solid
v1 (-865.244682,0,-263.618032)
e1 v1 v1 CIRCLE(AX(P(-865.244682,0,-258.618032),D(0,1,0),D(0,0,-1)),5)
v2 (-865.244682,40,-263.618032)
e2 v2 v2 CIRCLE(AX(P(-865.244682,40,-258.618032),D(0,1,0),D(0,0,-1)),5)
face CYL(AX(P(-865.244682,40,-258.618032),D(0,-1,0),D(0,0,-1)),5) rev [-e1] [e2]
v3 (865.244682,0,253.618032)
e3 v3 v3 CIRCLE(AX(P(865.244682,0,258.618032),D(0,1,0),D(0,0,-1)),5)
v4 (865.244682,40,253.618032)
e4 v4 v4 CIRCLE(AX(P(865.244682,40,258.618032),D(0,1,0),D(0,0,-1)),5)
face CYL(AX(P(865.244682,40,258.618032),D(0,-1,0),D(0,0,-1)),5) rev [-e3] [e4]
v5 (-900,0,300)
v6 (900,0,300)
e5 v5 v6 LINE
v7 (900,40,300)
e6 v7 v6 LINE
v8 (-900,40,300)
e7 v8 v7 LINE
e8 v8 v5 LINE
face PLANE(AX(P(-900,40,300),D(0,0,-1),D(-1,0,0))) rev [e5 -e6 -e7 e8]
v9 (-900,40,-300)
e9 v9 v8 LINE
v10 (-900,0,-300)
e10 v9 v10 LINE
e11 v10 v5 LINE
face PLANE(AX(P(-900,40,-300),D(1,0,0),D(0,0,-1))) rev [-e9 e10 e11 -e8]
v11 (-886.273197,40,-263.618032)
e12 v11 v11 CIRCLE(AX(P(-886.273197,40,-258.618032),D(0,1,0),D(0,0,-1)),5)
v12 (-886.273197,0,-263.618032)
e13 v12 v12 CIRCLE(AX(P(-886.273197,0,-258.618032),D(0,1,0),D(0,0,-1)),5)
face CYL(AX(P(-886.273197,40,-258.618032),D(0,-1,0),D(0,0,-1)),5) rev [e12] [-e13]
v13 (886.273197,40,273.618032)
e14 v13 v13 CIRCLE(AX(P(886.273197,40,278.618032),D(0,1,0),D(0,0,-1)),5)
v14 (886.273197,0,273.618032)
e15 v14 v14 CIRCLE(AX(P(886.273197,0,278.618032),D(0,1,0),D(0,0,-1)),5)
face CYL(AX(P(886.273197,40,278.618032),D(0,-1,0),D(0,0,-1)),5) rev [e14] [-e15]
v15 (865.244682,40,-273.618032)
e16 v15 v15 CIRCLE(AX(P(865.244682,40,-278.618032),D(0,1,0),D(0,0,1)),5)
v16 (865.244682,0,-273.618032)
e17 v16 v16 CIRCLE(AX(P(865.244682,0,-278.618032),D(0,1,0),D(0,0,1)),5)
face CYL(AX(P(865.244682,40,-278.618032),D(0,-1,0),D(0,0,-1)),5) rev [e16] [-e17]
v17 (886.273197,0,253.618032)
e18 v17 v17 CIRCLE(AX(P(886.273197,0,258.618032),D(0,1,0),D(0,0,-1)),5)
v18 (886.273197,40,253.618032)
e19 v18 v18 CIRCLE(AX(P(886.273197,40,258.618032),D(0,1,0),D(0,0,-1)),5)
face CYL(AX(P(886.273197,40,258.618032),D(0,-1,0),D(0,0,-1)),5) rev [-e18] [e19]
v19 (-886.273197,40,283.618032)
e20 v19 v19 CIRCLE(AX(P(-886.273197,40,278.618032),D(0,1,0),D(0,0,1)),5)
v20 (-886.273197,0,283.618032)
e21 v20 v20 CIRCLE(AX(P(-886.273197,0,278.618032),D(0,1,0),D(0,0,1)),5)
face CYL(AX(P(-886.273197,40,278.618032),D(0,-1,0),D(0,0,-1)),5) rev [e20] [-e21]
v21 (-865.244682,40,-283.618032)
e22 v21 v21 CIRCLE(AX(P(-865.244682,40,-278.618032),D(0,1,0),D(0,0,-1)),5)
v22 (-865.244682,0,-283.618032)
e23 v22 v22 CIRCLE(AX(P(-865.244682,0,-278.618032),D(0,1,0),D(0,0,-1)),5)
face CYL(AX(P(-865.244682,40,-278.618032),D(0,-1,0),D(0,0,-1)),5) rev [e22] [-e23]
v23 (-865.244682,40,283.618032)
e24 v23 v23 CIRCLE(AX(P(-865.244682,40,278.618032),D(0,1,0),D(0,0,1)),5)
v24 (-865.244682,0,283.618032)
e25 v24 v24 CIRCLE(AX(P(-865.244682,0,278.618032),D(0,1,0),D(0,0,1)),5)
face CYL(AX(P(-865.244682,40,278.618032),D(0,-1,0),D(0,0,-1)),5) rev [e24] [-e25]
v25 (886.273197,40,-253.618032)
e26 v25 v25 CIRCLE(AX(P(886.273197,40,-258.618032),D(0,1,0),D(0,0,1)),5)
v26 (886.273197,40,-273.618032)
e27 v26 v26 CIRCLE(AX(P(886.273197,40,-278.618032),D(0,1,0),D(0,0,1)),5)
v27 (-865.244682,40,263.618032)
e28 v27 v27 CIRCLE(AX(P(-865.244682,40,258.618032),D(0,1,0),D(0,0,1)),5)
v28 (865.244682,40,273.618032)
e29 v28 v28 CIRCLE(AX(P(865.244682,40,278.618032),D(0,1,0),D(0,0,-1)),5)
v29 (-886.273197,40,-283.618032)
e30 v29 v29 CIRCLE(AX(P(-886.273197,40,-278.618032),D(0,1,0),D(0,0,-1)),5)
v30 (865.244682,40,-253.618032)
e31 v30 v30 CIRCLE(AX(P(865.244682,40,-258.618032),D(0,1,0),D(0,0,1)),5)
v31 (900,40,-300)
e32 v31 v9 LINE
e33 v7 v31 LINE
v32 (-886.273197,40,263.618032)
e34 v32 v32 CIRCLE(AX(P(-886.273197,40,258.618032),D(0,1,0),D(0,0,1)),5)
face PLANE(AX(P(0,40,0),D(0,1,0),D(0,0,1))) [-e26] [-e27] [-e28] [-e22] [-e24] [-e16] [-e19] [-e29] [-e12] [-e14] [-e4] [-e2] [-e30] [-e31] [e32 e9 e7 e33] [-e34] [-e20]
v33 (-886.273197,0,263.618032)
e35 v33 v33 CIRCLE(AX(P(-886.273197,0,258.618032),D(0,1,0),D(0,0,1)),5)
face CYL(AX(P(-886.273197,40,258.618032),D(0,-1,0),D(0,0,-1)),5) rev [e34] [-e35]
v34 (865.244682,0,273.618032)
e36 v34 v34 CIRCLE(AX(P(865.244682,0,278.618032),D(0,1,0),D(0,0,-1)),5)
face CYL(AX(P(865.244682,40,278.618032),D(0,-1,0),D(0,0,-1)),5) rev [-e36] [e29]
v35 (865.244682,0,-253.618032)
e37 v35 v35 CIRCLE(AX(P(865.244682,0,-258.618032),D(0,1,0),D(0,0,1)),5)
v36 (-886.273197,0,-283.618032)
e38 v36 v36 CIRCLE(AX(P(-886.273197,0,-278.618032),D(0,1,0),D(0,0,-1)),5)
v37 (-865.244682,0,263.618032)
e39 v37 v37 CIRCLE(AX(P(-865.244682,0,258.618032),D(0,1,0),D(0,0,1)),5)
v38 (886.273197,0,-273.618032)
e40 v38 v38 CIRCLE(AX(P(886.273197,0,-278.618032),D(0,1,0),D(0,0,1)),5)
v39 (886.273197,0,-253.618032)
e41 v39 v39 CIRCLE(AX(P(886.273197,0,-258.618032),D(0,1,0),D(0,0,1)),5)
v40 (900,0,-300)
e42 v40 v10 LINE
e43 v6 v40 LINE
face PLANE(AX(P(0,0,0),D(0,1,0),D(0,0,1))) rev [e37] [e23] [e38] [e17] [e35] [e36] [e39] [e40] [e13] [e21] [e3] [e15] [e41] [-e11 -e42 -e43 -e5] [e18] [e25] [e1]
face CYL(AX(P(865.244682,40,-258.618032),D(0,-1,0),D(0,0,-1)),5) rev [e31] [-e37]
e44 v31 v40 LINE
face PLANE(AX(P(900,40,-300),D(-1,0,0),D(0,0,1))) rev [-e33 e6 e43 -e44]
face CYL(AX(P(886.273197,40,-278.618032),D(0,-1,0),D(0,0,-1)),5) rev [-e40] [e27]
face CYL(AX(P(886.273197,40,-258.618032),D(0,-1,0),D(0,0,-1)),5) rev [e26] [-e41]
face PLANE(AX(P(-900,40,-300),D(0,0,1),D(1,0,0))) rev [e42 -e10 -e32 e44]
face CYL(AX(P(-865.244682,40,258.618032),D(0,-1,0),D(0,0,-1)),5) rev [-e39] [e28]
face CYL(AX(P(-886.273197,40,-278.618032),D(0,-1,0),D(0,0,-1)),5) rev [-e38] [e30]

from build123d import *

# Parameters (mm, degrees)
SKETCH2_W           = 1800
SKETCH2_H           = 600
SKETCH2_R           = 5
BOSS_EXTRUDE1_DEPTH = 40


with BuildPart() as part:
    # Sketch2 → Boss-Extrude1 (new body)
    with BuildSketch(Plane(origin=(0, 0, 0), x_dir=(1, 0, 0), z_dir=(0, 1, 0))):
        Rectangle(SKETCH2_W, SKETCH2_H)
        with Locations(Location((-886.27319747, -278.618032202, 0), (0, 0, 270))):
            Circle(SKETCH2_R, mode=Mode.SUBTRACT)
        with Locations(Location((-865.244681744, -278.618032202, 0), (0, 0, 270))):
            Circle(SKETCH2_R, mode=Mode.SUBTRACT)
        with Locations(Location((-865.244681744, -258.618032202, 0), (0, 0, 270))):
            Circle(SKETCH2_R, mode=Mode.SUBTRACT)
        with Locations(Location((-886.27319747, -258.618032202, 0), (0, 0, 270))):
            Circle(SKETCH2_R, mode=Mode.SUBTRACT)
        with Locations(Location((886.27319747, -278.618032202, 0), (0, 0, 90))):
            Circle(SKETCH2_R, mode=Mode.SUBTRACT)
        with Locations(Location((886.27319747, -258.618032202, 0), (0, 0, 90))):
            Circle(SKETCH2_R, mode=Mode.SUBTRACT)
        with Locations(Location((865.244681744, -258.618032202, 0), (0, 0, 90))):
            Circle(SKETCH2_R, mode=Mode.SUBTRACT)
        with Locations(Location((865.244681744, -278.618032202, 0), (0, 0, 90))):
            Circle(SKETCH2_R, mode=Mode.SUBTRACT)
        with Locations(Location((865.244681744, 278.618032202, 0), (0, 0, 270))):
            Circle(SKETCH2_R, mode=Mode.SUBTRACT)
        with Locations(Location((886.27319747, 278.618032202, 0), (0, 0, 270))):
            Circle(SKETCH2_R, mode=Mode.SUBTRACT)
        with Locations(Location((886.27319747, 258.618032202, 0), (0, 0, 270))):
            Circle(SKETCH2_R, mode=Mode.SUBTRACT)
        with Locations(Location((865.244681744, 258.618032202, 0), (0, 0, 270))):
            Circle(SKETCH2_R, mode=Mode.SUBTRACT)
        with Locations(Location((-886.27319747, 278.618032202, 0), (0, 0, 90))):
            Circle(SKETCH2_R, mode=Mode.SUBTRACT)
        with Locations(Location((-865.244681744, 278.618032202, 0), (0, 0, 90))):
            Circle(SKETCH2_R, mode=Mode.SUBTRACT)
        with Locations(Location((-865.244681744, 258.618032202, 0), (0, 0, 90))):
            Circle(SKETCH2_R, mode=Mode.SUBTRACT)
        with Locations(Location((-886.27319747, 258.618032202, 0), (0, 0, 90))):
            Circle(SKETCH2_R, mode=Mode.SUBTRACT)
    extrude(amount=BOSS_EXTRUDE1_DEPTH)


solid = part.part
